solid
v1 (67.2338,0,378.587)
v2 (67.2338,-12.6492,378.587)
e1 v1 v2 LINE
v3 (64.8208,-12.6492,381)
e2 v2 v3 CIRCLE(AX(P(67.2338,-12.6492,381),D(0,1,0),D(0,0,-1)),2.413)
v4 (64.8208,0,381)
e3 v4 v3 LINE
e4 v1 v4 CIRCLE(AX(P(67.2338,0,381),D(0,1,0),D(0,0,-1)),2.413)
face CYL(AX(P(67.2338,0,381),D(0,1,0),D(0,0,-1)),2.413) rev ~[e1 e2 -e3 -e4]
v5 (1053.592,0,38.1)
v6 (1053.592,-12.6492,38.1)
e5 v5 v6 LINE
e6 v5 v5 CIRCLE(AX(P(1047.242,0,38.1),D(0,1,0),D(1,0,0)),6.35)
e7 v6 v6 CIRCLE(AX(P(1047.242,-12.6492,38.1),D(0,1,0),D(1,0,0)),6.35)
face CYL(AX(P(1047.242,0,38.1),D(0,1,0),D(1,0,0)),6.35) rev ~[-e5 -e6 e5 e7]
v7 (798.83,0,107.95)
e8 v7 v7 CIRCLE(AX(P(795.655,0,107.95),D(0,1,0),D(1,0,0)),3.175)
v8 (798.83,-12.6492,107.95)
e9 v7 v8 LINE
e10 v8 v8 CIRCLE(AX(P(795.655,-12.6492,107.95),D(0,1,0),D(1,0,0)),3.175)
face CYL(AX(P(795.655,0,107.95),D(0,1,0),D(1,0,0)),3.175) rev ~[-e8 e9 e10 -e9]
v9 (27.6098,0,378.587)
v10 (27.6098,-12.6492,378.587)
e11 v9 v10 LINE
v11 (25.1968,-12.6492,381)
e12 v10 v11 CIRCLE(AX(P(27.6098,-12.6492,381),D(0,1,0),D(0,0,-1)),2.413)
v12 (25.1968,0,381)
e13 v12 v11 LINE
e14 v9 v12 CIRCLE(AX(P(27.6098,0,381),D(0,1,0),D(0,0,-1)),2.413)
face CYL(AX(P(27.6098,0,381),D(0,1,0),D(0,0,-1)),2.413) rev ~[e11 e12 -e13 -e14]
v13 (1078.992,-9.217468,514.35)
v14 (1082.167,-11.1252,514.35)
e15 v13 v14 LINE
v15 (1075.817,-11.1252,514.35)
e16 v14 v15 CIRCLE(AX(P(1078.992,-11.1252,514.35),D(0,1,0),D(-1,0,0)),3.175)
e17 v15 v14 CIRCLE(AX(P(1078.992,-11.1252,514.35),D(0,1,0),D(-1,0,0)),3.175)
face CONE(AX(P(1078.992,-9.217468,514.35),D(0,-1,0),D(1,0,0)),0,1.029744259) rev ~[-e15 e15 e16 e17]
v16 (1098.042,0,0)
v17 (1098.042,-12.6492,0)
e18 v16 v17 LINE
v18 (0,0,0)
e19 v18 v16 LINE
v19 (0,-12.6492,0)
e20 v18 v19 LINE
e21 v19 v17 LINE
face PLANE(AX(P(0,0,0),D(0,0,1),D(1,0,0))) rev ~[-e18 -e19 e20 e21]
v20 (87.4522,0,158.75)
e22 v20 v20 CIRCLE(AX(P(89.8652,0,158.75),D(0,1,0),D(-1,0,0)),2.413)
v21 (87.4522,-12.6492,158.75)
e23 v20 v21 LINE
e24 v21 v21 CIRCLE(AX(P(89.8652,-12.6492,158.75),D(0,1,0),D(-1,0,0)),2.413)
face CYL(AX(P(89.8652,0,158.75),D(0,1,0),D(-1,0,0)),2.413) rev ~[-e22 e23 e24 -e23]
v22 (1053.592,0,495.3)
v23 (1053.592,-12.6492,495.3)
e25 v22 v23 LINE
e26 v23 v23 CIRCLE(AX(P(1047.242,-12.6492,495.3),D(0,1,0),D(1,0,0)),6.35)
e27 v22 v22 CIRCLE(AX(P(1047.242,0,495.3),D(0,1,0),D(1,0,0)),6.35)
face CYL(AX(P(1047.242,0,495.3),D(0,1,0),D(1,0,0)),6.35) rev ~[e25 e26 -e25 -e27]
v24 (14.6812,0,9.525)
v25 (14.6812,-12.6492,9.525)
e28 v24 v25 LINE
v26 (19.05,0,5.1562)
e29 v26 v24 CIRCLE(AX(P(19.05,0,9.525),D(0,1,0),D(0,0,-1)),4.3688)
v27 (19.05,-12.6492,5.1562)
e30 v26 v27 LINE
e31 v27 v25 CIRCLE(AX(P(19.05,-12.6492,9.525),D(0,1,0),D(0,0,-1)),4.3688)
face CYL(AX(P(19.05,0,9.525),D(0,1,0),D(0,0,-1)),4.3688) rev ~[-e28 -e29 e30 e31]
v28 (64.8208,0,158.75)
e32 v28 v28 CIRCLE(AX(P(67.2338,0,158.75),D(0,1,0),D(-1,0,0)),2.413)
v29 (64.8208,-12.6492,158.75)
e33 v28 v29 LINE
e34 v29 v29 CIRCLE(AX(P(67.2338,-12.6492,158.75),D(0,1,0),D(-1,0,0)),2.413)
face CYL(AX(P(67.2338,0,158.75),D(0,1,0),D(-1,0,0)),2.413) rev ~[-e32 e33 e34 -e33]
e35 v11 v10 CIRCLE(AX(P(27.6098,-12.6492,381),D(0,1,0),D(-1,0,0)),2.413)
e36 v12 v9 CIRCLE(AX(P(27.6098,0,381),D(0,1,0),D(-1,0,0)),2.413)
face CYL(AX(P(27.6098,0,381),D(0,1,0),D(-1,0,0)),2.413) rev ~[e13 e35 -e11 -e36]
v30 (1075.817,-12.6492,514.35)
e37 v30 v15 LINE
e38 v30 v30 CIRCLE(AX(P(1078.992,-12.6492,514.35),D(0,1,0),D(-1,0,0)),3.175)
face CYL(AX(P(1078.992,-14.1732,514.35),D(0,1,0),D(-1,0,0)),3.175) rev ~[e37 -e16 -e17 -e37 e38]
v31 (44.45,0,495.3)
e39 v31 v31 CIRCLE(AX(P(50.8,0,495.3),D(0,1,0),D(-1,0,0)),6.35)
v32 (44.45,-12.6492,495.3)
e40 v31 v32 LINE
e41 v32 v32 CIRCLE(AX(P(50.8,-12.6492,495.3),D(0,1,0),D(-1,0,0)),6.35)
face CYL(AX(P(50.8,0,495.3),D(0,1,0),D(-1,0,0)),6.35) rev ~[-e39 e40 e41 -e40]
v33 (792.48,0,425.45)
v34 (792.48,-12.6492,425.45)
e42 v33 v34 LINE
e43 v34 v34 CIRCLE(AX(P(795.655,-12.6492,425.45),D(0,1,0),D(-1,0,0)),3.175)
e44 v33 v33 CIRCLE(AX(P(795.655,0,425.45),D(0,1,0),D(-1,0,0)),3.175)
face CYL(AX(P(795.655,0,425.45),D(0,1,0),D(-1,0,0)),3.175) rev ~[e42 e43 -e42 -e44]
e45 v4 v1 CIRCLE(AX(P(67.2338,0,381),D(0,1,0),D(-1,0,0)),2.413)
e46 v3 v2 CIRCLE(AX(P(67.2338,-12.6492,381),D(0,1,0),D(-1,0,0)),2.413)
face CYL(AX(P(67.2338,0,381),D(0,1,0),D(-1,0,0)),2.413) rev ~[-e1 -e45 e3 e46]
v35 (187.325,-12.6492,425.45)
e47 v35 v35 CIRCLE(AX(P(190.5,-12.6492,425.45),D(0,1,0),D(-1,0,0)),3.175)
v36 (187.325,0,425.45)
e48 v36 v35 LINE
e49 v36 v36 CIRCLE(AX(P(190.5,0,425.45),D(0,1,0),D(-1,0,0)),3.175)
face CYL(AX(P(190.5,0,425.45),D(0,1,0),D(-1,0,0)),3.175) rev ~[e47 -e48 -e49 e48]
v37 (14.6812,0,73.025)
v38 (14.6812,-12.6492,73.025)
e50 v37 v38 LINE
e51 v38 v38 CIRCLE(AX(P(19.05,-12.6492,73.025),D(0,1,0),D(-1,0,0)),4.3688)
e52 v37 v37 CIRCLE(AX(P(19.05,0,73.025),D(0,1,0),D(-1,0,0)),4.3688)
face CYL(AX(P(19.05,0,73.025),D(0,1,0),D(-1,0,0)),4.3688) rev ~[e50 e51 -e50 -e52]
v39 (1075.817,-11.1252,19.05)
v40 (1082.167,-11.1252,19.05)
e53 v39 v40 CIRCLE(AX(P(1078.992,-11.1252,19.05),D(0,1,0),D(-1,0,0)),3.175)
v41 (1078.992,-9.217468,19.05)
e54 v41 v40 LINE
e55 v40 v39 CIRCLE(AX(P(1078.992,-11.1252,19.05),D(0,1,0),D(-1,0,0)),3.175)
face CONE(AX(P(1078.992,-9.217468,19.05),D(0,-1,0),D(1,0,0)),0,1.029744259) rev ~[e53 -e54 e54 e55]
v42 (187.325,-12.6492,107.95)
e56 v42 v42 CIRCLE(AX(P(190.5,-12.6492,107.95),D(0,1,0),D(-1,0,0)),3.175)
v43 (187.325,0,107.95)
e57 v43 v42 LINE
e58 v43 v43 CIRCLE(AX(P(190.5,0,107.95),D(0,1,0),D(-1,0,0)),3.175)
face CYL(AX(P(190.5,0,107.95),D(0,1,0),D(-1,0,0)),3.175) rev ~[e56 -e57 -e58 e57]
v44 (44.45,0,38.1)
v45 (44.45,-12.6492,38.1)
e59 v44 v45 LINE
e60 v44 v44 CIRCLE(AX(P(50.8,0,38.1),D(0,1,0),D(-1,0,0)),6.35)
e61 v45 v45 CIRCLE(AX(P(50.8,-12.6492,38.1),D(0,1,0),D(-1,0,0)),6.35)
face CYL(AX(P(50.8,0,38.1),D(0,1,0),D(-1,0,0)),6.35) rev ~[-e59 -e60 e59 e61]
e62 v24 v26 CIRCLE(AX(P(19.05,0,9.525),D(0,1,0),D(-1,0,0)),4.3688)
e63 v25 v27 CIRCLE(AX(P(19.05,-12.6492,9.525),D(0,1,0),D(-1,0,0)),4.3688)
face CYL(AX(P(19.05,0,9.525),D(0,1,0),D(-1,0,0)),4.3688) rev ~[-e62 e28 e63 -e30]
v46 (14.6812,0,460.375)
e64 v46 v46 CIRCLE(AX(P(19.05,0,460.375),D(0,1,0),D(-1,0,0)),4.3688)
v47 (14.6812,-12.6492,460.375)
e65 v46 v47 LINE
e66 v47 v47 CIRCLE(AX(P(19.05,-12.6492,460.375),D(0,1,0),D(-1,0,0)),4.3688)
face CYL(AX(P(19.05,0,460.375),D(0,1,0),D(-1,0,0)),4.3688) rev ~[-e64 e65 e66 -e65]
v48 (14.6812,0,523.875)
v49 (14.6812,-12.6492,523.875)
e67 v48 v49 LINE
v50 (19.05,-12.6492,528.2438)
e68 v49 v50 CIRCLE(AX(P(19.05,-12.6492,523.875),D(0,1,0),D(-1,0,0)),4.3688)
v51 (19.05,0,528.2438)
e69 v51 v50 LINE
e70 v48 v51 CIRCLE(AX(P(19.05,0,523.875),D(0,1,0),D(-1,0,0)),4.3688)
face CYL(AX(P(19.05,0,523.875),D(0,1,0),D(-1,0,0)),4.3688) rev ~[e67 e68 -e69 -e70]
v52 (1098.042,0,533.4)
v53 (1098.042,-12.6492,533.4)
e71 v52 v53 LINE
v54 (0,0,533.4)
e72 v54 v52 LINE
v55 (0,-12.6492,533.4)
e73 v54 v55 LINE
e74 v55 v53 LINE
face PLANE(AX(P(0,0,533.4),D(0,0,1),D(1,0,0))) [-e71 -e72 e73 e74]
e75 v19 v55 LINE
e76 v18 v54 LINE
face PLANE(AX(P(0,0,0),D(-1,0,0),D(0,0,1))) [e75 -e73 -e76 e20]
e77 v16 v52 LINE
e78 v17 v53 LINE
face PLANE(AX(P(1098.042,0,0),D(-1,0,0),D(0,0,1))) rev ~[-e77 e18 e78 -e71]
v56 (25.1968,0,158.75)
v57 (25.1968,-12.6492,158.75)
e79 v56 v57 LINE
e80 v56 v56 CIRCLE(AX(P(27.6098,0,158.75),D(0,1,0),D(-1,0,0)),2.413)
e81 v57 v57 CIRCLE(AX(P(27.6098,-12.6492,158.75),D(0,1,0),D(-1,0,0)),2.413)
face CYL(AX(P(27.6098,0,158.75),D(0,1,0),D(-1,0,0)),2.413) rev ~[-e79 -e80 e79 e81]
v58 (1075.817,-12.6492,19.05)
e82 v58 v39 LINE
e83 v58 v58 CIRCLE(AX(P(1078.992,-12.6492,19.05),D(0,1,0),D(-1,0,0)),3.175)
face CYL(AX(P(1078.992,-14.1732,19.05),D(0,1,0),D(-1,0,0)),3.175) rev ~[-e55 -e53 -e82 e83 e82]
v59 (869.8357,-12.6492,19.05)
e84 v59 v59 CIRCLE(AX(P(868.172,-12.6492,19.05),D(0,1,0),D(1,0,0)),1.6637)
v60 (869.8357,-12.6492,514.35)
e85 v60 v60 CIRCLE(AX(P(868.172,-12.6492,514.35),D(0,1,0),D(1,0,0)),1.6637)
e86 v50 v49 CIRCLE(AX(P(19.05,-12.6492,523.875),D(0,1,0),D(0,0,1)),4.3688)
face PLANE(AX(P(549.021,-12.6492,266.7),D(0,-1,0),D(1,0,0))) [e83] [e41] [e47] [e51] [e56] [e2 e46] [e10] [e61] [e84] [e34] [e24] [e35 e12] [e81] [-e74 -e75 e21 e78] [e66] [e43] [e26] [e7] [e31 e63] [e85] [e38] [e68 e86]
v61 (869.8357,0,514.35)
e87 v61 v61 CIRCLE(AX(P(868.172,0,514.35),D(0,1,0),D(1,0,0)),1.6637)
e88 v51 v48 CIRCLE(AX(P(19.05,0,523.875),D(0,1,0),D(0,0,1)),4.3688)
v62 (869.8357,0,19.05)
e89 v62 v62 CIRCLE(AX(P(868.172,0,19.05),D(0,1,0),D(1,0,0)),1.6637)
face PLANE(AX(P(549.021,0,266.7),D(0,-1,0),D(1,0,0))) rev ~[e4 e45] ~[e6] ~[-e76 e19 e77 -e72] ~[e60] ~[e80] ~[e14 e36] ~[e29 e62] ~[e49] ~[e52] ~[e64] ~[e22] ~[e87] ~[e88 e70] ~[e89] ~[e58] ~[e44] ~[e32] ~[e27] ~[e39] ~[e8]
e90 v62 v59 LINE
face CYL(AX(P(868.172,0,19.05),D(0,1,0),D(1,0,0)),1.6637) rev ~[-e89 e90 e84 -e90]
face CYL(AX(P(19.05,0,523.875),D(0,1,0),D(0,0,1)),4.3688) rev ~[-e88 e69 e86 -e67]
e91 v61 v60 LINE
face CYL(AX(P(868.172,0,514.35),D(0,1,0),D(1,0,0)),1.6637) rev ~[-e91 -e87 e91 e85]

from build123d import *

# Parameters (mm, degrees)
F0_W     = 1098.042
F0_H     = 533.4
F1_DEPTH = 12.6492
F3_D     = 6.35
F3_DEPTH = 1.524
F3_TIP   = 1.9077324654
F4_R     = 6.35
F4_R_2   = 3.175
F4_R_3   = 2.413
F4_R_4   = 4.3688
F5_DEPTH = 25.4


with BuildPart() as f1:
    # F0 (on Front) → F1 (new body)
    with BuildSketch(Plane.XZ):
        with Locations((549.021, 266.7)):
            Rectangle(F0_W, F0_H)
    extrude(amount=F1_DEPTH)

    # F3
    with Locations(Plane.XZ.offset(12.6492)):
        with Locations((1078.992, 514.35), (1078.992, 19.05)):
            Hole(F3_D / 2, depth=F3_DEPTH)
            with Locations((0, 0, -(F3_DEPTH + F3_TIP / 2))):  # 118° drill point
                Cone(0, F3_D / 2, F3_TIP, mode=Mode.SUBTRACT)

    # F4 (on face) → F5 (cut)
    with BuildSketch(Plane(origin=(0, 0, 0), x_dir=(-1, 0, 0), z_dir=(0, 1, 0))):
        with BuildLine():
            ThreePointArc((-866.5083, 19.05), (-868.172, 20.7137), (-869.8357, 19.05))
            ThreePointArc((-869.8357, 19.05), (-868.172, 17.3863), (-866.5083, 19.05))
        make_face()
        with BuildLine():
            ThreePointArc((-792.48, 107.95), (-795.655, 111.125), (-798.83, 107.95))
            ThreePointArc((-798.83, 107.95), (-795.655, 104.775), (-792.48, 107.95))
        make_face()
        with BuildLine():
            ThreePointArc((-1040.892, 38.1), (-1047.242, 44.45), (-1053.592, 38.1))
            ThreePointArc((-1053.592, 38.1), (-1047.242, 31.75), (-1040.892, 38.1))
        make_face()
        with BuildLine():
            ThreePointArc((-866.5083, 514.35), (-868.172, 516.0137), (-869.8357, 514.35))
            ThreePointArc((-869.8357, 514.35), (-868.172, 512.6863), (-866.5083, 514.35))
        make_face()
        with BuildLine():
            ThreePointArc((-1040.892, 495.3), (-1047.242, 501.65), (-1053.592, 495.3))
            ThreePointArc((-1053.592, 495.3), (-1047.242, 488.95), (-1040.892, 495.3))
        make_face()
        with BuildLine():
            ThreePointArc((-798.83, 425.45), (-795.655, 422.275), (-792.48, 425.45))
            ThreePointArc((-792.48, 425.45), (-795.655, 428.625), (-798.83, 425.45))
        make_face()
        with Locations((-50.8, 38.1)):
            Circle(F4_R)
        with Locations((-190.5, 107.95)):
            Circle(F4_R_2)
        with Locations((-89.8652, 158.75)):
            Circle(F4_R_3)
        with BuildLine():
            ThreePointArc((-69.6468, 158.75), (-67.2338, 156.337), (-64.8208, 158.75))
            Line((-64.8208, 158.75), (-67.2338, 158.75))
            Line((-67.2338, 158.75), (-69.6468, 158.75))
        make_face()
        with BuildLine():
            Line((-67.2338, 158.75), (-64.8208, 158.75))
            ThreePointArc((-64.8208, 158.75), (-67.2338, 161.163), (-69.6468, 158.75))
            Line((-69.6468, 158.75), (-67.2338, 158.75))
        make_face()
        with BuildLine():
            ThreePointArc((-30.0228, 158.75), (-27.6098, 156.337), (-25.1968, 158.75))
            Line((-25.1968, 158.75), (-27.6098, 158.75))
            Line((-27.6098, 158.75), (-30.0228, 158.75))
        make_face()
        with BuildLine():
            Line((-27.6098, 158.75), (-25.1968, 158.75))
            ThreePointArc((-25.1968, 158.75), (-27.6098, 161.163), (-30.0228, 158.75))
            Line((-30.0228, 158.75), (-27.6098, 158.75))
        make_face()
        with BuildLine():
            ThreePointArc((-14.6812, 9.525), (-22.1392081056, 12.6142081056), (-19.05, 5.1562))
            ThreePointArc((-19.05, 5.1562), (-15.9607918944, 6.4357918944), (-14.6812, 9.525))
        make_face()
        with Locations((-50.8, 495.3)):
            Circle(F4_R)
        with BuildLine():
            ThreePointArc((-14.6812, 523.875), (-15.9607918944, 526.9642081056), (-19.05, 528.2438))
            ThreePointArc((-19.05, 528.2438), (-22.1392081056, 520.7857918944), (-14.6812, 523.875))
        make_face()
        with Locations((-190.5, 425.45)):
            Circle(F4_R_2)
        with Locations((-19.05, 460.375)):
            Circle(F4_R_4)
        with BuildLine():
            ThreePointArc((-67.2338, 378.587), (-65.527551337, 379.293751337), (-64.8208, 381))
            ThreePointArc((-64.8208, 381), (-68.940048663, 382.706248663), (-67.2338, 378.587))
        make_face()
        with BuildLine():
            ThreePointArc((-27.6098, 378.587), (-25.903551337, 379.293751337), (-25.1968, 381))
            ThreePointArc((-25.1968, 381), (-29.316048663, 382.706248663), (-27.6098, 378.587))
        make_face()
        with Locations((-19.05, 73.025)):
            Circle(F4_R_4)
    extrude(amount=-F5_DEPTH, mode=Mode.SUBTRACT)


solid = f1.part
